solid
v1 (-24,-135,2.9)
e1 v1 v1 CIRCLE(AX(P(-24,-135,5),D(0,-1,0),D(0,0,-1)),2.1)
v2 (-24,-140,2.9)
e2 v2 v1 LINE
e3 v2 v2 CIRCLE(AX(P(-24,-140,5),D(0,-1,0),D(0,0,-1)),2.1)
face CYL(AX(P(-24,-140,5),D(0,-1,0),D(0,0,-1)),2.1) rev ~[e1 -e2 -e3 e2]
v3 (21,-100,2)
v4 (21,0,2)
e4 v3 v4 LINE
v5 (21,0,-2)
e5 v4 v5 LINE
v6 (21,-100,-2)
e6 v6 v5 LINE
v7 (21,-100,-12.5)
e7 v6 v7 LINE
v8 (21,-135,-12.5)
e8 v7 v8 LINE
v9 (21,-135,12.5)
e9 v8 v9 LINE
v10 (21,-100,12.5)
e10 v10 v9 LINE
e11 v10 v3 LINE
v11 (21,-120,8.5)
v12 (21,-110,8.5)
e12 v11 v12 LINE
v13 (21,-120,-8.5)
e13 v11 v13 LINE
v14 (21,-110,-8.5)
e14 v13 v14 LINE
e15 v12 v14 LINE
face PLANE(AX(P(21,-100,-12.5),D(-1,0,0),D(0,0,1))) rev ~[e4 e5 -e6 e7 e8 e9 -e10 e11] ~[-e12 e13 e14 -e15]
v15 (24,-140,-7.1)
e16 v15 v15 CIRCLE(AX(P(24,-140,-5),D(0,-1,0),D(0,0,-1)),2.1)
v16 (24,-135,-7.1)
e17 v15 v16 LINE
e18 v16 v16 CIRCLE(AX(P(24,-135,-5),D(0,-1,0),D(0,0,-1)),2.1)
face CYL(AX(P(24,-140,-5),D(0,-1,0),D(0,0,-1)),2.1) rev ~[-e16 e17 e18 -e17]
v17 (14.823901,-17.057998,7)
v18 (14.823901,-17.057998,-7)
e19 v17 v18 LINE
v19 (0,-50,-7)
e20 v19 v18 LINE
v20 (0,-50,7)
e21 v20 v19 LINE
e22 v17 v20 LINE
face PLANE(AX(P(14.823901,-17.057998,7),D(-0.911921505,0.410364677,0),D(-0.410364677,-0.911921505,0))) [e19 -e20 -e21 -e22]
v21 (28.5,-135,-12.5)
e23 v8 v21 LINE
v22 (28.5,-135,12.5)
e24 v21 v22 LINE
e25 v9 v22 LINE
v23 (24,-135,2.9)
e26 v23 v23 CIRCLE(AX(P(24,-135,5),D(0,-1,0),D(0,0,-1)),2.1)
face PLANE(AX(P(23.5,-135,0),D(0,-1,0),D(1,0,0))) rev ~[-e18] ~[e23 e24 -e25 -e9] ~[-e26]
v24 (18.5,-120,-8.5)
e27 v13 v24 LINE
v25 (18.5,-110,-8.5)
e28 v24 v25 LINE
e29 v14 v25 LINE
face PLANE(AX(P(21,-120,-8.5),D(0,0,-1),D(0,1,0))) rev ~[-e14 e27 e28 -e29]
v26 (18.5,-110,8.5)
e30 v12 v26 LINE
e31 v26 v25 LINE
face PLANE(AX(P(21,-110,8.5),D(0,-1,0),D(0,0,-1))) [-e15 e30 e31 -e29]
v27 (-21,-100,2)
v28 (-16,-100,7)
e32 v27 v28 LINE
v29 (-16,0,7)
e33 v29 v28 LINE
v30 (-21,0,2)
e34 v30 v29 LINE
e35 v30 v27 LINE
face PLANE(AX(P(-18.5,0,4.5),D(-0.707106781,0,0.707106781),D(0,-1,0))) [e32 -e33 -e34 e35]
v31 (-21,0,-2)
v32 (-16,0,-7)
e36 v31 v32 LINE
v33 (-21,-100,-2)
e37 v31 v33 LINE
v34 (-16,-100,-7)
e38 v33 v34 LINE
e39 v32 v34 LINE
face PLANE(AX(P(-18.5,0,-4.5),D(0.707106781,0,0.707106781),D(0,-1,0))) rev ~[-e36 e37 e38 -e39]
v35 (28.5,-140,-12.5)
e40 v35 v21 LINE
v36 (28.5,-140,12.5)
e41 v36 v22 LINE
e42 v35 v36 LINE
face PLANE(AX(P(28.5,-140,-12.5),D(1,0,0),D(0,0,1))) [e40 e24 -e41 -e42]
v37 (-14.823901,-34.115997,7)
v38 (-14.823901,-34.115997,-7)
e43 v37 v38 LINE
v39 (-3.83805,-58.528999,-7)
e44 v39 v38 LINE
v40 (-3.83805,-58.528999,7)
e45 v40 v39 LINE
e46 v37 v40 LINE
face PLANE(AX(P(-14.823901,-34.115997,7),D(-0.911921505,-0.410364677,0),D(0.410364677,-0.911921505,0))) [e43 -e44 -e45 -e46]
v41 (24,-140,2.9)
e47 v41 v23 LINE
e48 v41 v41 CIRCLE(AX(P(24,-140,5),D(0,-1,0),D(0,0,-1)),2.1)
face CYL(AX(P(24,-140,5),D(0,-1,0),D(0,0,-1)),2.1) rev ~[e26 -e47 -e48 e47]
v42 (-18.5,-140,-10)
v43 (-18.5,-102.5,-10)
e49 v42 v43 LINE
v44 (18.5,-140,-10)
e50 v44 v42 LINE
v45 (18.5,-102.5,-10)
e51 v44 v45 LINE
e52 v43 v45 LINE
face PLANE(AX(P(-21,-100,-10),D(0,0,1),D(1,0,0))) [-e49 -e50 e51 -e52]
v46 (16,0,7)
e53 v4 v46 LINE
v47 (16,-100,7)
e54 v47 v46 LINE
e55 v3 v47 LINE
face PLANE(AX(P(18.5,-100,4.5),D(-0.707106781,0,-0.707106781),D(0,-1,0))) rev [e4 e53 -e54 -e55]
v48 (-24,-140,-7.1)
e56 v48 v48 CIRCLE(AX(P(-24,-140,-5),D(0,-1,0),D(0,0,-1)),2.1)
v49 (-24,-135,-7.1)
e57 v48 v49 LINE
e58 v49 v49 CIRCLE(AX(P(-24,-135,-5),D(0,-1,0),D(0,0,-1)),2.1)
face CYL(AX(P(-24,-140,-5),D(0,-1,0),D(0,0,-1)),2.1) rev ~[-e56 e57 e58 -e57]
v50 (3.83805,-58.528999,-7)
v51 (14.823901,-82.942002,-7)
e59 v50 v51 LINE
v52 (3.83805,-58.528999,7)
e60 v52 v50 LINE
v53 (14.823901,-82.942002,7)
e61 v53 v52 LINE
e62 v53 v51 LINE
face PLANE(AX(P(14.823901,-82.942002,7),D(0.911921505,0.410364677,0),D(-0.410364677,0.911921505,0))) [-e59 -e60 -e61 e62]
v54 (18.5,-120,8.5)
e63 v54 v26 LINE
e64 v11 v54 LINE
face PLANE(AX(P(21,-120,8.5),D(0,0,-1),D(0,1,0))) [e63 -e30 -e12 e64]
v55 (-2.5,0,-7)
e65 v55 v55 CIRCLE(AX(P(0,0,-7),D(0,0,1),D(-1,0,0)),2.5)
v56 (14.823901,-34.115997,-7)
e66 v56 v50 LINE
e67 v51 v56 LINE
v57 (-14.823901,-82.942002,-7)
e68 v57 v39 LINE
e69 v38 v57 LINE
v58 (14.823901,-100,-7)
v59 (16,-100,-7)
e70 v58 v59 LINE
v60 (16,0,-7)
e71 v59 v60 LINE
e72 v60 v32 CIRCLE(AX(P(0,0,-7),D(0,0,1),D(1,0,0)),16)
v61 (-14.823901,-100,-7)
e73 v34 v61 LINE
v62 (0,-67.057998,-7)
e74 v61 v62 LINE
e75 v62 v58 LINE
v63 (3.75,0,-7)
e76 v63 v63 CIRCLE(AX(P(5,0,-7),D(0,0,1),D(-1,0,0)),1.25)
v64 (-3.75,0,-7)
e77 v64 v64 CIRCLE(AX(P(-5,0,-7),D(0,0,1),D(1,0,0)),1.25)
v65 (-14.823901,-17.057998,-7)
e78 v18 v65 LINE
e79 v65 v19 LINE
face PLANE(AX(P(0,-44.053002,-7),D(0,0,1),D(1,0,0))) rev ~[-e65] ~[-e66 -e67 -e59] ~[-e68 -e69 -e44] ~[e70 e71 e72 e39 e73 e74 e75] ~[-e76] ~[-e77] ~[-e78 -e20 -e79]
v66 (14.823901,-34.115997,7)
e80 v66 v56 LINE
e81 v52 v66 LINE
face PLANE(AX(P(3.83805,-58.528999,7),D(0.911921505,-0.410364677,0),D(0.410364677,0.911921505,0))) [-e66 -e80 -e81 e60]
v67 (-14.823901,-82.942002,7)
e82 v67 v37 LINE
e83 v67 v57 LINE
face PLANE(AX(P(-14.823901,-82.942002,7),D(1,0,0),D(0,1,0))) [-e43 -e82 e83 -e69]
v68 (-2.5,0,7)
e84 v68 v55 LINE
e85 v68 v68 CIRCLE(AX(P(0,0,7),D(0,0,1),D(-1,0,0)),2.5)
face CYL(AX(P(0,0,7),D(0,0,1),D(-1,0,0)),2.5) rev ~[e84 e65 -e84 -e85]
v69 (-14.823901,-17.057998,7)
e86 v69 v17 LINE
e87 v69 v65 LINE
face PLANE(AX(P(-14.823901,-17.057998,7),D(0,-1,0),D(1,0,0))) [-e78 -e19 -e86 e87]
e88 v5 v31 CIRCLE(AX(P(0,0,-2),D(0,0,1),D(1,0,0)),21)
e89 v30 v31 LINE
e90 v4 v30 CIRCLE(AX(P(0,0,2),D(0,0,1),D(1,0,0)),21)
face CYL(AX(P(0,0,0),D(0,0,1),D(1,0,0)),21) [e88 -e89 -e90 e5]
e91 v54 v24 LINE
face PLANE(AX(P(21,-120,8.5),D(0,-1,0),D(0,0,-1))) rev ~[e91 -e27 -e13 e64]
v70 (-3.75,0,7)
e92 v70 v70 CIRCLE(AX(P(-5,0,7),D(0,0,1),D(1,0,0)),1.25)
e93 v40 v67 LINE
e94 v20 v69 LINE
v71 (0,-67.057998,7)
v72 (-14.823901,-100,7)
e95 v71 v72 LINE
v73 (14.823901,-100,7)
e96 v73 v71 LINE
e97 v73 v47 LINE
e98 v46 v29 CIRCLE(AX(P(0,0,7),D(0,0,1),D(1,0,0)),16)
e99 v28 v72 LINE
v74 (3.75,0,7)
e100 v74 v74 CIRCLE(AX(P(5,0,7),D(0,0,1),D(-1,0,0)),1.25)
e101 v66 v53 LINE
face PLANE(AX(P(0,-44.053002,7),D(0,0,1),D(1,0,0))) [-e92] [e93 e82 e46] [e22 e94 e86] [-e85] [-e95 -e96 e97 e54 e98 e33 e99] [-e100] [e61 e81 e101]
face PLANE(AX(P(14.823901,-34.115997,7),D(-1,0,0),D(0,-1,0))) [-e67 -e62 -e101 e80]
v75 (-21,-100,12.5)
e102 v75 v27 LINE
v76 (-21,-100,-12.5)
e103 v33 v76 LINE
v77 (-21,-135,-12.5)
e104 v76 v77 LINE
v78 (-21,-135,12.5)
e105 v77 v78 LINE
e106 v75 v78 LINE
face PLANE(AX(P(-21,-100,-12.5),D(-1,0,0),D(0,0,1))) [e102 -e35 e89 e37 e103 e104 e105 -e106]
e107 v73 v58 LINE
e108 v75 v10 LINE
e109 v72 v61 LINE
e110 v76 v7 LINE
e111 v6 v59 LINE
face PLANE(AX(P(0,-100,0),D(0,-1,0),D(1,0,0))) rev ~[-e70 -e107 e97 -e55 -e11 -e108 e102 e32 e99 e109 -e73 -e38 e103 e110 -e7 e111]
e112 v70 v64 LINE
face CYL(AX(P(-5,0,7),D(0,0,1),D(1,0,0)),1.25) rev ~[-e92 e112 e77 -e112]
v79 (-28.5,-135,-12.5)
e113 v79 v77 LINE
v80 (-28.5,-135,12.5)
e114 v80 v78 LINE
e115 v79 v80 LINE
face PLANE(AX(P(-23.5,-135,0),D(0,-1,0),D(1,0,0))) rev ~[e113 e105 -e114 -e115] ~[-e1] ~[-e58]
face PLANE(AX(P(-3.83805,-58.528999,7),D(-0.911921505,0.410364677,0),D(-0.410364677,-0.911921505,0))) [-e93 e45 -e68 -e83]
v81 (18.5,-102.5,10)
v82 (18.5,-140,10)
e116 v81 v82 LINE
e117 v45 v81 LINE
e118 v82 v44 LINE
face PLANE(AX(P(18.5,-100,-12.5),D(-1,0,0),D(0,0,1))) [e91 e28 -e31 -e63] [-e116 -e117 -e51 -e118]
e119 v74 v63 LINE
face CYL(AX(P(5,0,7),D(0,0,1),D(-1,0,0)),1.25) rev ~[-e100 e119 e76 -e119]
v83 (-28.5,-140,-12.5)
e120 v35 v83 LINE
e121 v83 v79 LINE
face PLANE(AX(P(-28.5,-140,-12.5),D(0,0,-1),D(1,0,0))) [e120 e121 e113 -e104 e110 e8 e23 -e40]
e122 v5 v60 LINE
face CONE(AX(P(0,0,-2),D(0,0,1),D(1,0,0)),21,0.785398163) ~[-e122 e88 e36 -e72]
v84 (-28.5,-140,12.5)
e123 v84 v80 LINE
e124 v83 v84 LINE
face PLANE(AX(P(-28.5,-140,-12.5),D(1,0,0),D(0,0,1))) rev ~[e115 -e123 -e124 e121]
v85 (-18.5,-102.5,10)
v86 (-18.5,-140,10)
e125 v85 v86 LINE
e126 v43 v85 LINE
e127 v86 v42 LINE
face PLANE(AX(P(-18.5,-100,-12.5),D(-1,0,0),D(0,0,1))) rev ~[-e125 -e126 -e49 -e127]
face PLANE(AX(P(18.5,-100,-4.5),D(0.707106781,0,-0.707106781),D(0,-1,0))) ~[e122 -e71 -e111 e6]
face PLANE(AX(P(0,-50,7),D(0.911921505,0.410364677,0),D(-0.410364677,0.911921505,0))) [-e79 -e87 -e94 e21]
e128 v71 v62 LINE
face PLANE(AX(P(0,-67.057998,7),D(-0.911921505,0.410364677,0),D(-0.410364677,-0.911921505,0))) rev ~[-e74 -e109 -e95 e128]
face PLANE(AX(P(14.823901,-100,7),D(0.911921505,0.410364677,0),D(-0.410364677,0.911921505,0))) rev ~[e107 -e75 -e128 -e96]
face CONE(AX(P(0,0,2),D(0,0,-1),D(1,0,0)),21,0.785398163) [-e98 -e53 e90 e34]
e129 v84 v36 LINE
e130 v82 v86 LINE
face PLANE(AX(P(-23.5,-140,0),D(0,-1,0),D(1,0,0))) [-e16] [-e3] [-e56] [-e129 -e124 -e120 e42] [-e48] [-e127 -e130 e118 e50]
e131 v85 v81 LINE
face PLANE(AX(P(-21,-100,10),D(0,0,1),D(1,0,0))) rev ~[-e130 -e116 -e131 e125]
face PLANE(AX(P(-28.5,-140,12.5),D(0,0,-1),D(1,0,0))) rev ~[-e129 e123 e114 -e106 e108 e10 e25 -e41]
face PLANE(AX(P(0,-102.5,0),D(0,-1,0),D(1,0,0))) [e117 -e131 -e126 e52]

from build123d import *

# Parameters (mm, degrees)
BOSS_EXTRUDE1_DEPTH = 7
SKETCH2_W           = 42
SKETCH2_H           = 25
BOSS_EXTRUDE2_DEPTH = 40
SHELL1_T            = -2.5
CUT_EXTRUDE5_REACH  = 144.903
SKETCH9_W           = 10
SKETCH9_H           = 25
BOSS_EXTRUDE3_DEPTH = 5
CUT_EXTRUDE6_REACH  = 151.018
SKETCH10_W          = 17
SKETCH10_H          = 10
CUT_EXTRUDE8_REACH  = 146.196
CUT_EXTRUDE9_REACH  = 165.98
SKETCH13_R          = 2.1
CHAMFER1_SIZE       = 5


with BuildPart() as part:
    # Sketch1 → Boss-Extrude1 (new, symmetric)
    with BuildSketch(Plane.XY):
        with BuildLine():
            Line((-21, 0), (-21, -100))
            Line((-21, -100), (21, -100))
            Line((21, -100), (21, 0))
            ThreePointArc((21, 0), (0, 21), (-21, 0))
        make_face()
    extrude(amount=BOSS_EXTRUDE1_DEPTH, both=True)


with BuildPart() as body_2:
    # Sketch2 → Boss-Extrude2 (new body)
    with BuildSketch(Plane.XZ.offset(100)):
        Rectangle(SKETCH2_W, SKETCH2_H)
    extrude(amount=BOSS_EXTRUDE2_DEPTH)

    # Shell1
    shell1_openings = [body_2.faces().sort_by_distance(p)[0] for p in [
        (0, -140, 0),
    ]]
    offset(amount=SHELL1_T, openings=shell1_openings, kind=Kind.INTERSECTION)


with BuildPart() as part_1:
    add(part.part)

    # Combine1: union body 2
    add(body_2.part)

    # Sketch8 → Cut-Extrude5 (cut, up to next)
    with BuildSketch(Plane.XY.offset(7), mode=Mode.PRIVATE) as cut_extrude5_sk1:
        with BuildLine():
            ThreePointArc((-3.75, 0), (-5, 1.25), (-6.25, 0))
            Line((-6.25, 0), (-3.75, 0))
        make_face()
    cut_extrude5_tool1 = extrude(cut_extrude5_sk1.sketch, amount=-CUT_EXTRUDE5_REACH, mode=Mode.PRIVATE) & part_1.part
    # Sketch8 → Cut-Extrude5 (cut, up to next)
    with BuildSketch(Plane.XY.offset(7), mode=Mode.PRIVATE) as cut_extrude5_sk2:
        with BuildLine():
            Line((-3.75, 0), (-6.25, 0))
            ThreePointArc((-6.25, 0), (-5, -1.25), (-3.75, 0))
        make_face()
    cut_extrude5_tool2 = extrude(cut_extrude5_sk2.sketch, amount=-CUT_EXTRUDE5_REACH, mode=Mode.PRIVATE) & part_1.part
    # Sketch8 → Cut-Extrude5 (cut, up to next)
    with BuildSketch(Plane.XY.offset(7), mode=Mode.PRIVATE) as cut_extrude5_sk3:
        with BuildLine():
            ThreePointArc((-3.75, 0), (-5, 1.25), (-6.25, 0))
            Line((-6.25, 0), (-3.75, 0))
        make_face()
    cut_extrude5_tool3 = extrude(cut_extrude5_sk3.sketch, amount=-CUT_EXTRUDE5_REACH, mode=Mode.PRIVATE) & part_1.part
    # Sketch8 → Cut-Extrude5 (cut, up to next)
    with BuildSketch(Plane.XY.offset(7), mode=Mode.PRIVATE) as cut_extrude5_sk4:
        with BuildLine():
            Line((-3.75, 0), (-6.25, 0))
            ThreePointArc((-6.25, 0), (-5, -1.25), (-3.75, 0))
        make_face()
    cut_extrude5_tool4 = extrude(cut_extrude5_sk4.sketch, amount=-CUT_EXTRUDE5_REACH, mode=Mode.PRIVATE) & part_1.part
    # Sketch8 → Cut-Extrude5 (cut, up to next)
    with BuildSketch(Plane.XY.offset(7), mode=Mode.PRIVATE) as cut_extrude5_sk5:
        with BuildLine():
            ThreePointArc((3.75, 0), (5, -1.25), (6.25, 0))
            Line((6.25, 0), (3.75, 0))
        make_face()
    cut_extrude5_tool5 = extrude(cut_extrude5_sk5.sketch, amount=-CUT_EXTRUDE5_REACH, mode=Mode.PRIVATE) & part_1.part
    # Sketch8 → Cut-Extrude5 (cut, up to next)
    with BuildSketch(Plane.XY.offset(7), mode=Mode.PRIVATE) as cut_extrude5_sk6:
        with BuildLine():
            Line((3.75, 0), (6.25, 0))
            ThreePointArc((6.25, 0), (5, 1.25), (3.75, 0))
        make_face()
    cut_extrude5_tool6 = extrude(cut_extrude5_sk6.sketch, amount=-CUT_EXTRUDE5_REACH, mode=Mode.PRIVATE) & part_1.part
    # Sketch8 → Cut-Extrude5 (cut, up to next)
    with BuildSketch(Plane.XY.offset(7), mode=Mode.PRIVATE) as cut_extrude5_sk7:
        with BuildLine():
            ThreePointArc((3.75, 0), (5, -1.25), (6.25, 0))
            Line((6.25, 0), (3.75, 0))
        make_face()
    cut_extrude5_tool7 = extrude(cut_extrude5_sk7.sketch, amount=-CUT_EXTRUDE5_REACH, mode=Mode.PRIVATE) & part_1.part
    # Sketch8 → Cut-Extrude5 (cut, up to next)
    with BuildSketch(Plane.XY.offset(7), mode=Mode.PRIVATE) as cut_extrude5_sk8:
        with BuildLine():
            Line((3.75, 0), (6.25, 0))
            ThreePointArc((6.25, 0), (5, 1.25), (3.75, 0))
        make_face()
    cut_extrude5_tool8 = extrude(cut_extrude5_sk8.sketch, amount=-CUT_EXTRUDE5_REACH, mode=Mode.PRIVATE) & part_1.part
    # Sketch8 → Cut-Extrude5 (cut, up to next)
    with BuildSketch(Plane.XY.offset(7), mode=Mode.PRIVATE) as cut_extrude5_sk9:
        with BuildLine():
            ThreePointArc((-2.5, 0), (0, -2.5), (2.5, 0))
            Line((2.5, 0), (-2.5, 0))
        make_face()
    cut_extrude5_tool9 = extrude(cut_extrude5_sk9.sketch, amount=-CUT_EXTRUDE5_REACH, mode=Mode.PRIVATE) & part_1.part
    # Sketch8 → Cut-Extrude5 (cut, up to next)
    with BuildSketch(Plane.XY.offset(7), mode=Mode.PRIVATE) as cut_extrude5_sk10:
        with BuildLine():
            Line((-2.5, 0), (2.5, 0))
            ThreePointArc((2.5, 0), (0, 2.5), (-2.5, 0))
        make_face()
    cut_extrude5_tool10 = extrude(cut_extrude5_sk10.sketch, amount=-CUT_EXTRUDE5_REACH, mode=Mode.PRIVATE) & part_1.part
    # Sketch8 → Cut-Extrude5 (cut, up to next)
    with BuildSketch(Plane.XY.offset(7), mode=Mode.PRIVATE) as cut_extrude5_sk11:
        with BuildLine():
            ThreePointArc((-2.5, 0), (0, -2.5), (2.5, 0))
            Line((2.5, 0), (-2.5, 0))
        make_face()
    cut_extrude5_tool11 = extrude(cut_extrude5_sk11.sketch, amount=-CUT_EXTRUDE5_REACH, mode=Mode.PRIVATE) & part_1.part
    # Sketch8 → Cut-Extrude5 (cut, up to next)
    with BuildSketch(Plane.XY.offset(7), mode=Mode.PRIVATE) as cut_extrude5_sk12:
        with BuildLine():
            Line((-2.5, 0), (2.5, 0))
            ThreePointArc((2.5, 0), (0, 2.5), (-2.5, 0))
        make_face()
    cut_extrude5_tool12 = extrude(cut_extrude5_sk12.sketch, amount=-CUT_EXTRUDE5_REACH, mode=Mode.PRIVATE) & part_1.part
    add(cut_extrude5_tool1.solids().sort_by_distance((-5, 0.530516, 7))[0], mode=Mode.SUBTRACT)
    add(cut_extrude5_tool2.solids().sort_by_distance((-5, -0.530516, 7))[0], mode=Mode.SUBTRACT)
    add(cut_extrude5_tool3.solids().sort_by_distance((-5, 0.530516, 7))[0], mode=Mode.SUBTRACT)
    add(cut_extrude5_tool4.solids().sort_by_distance((-5, -0.530516, 7))[0], mode=Mode.SUBTRACT)
    add(cut_extrude5_tool5.solids().sort_by_distance((5, -0.530516, 7))[0], mode=Mode.SUBTRACT)
    add(cut_extrude5_tool6.solids().sort_by_distance((5, 0.530516, 7))[0], mode=Mode.SUBTRACT)
    add(cut_extrude5_tool7.solids().sort_by_distance((5, -0.530516, 7))[0], mode=Mode.SUBTRACT)
    add(cut_extrude5_tool8.solids().sort_by_distance((5, 0.530516, 7))[0], mode=Mode.SUBTRACT)
    add(cut_extrude5_tool9.solids().sort_by_distance((0, -1.061033, 7))[0], mode=Mode.SUBTRACT)
    add(cut_extrude5_tool10.solids().sort_by_distance((0, 1.061033, 7))[0], mode=Mode.SUBTRACT)
    add(cut_extrude5_tool11.solids().sort_by_distance((0, -1.061033, 7))[0], mode=Mode.SUBTRACT)
    add(cut_extrude5_tool12.solids().sort_by_distance((0, 1.061033, 7))[0], mode=Mode.SUBTRACT)

    # Sketch9 → Boss-Extrude3 (add)
    with BuildSketch(Plane.XZ.offset(140)):
        with Locations((-23.5, 0)):
            Rectangle(SKETCH9_W, SKETCH9_H)
        with Locations((23.5, 0)):
            Rectangle(SKETCH9_W, SKETCH9_H)
    extrude(amount=-BOSS_EXTRUDE3_DEPTH)

    # Sketch10 → Cut-Extrude6 (cut, up to next)
    with BuildSketch(Plane(origin=(21, 0, 0), x_dir=(0, 0, -1), z_dir=(1, 0, 0)), mode=Mode.PRIVATE) as cut_extrude6_sk1:
        with Locations((0, -115)):
            Rectangle(SKETCH10_W, SKETCH10_H)
    cut_extrude6_tool1 = extrude(cut_extrude6_sk1.sketch, amount=-CUT_EXTRUDE6_REACH, mode=Mode.PRIVATE) & part_1.part
    add(cut_extrude6_tool1.solids().sort_by_distance((21, -115, 0))[0], mode=Mode.SUBTRACT)

    # Sketch12 → Cut-Extrude8 (cut, up to next)
    with BuildSketch(Plane.XY.offset(7), mode=Mode.PRIVATE) as cut_extrude8_sk1:
        Polygon((14.82390073, -17.057998377), (0, -50), (-14.82390073, -17.057998377), align=None)
    cut_extrude8_tool1 = extrude(cut_extrude8_sk1.sketch, amount=-CUT_EXTRUDE8_REACH, mode=Mode.PRIVATE) & part_1.part
    # Sketch12 → Cut-Extrude8 (cut, up to next)
    with BuildSketch(Plane.XY.offset(7), mode=Mode.PRIVATE) as cut_extrude8_sk2:
        Polygon((-14.82390073, -34.115996755), (-3.838049635, -58.528999189), (-14.82390073, -82.942001623), align=None)
    cut_extrude8_tool2 = extrude(cut_extrude8_sk2.sketch, amount=-CUT_EXTRUDE8_REACH, mode=Mode.PRIVATE) & part_1.part
    # Sketch12 → Cut-Extrude8 (cut, up to next)
    with BuildSketch(Plane.XY.offset(7), mode=Mode.PRIVATE) as cut_extrude8_sk3:
        Polygon((14.82390073, -100), (0, -67.057998377), (-14.82390073, -100), align=None)
    cut_extrude8_tool3 = extrude(cut_extrude8_sk3.sketch, amount=-CUT_EXTRUDE8_REACH, mode=Mode.PRIVATE) & part_1.part
    # Sketch12 → Cut-Extrude8 (cut, up to next)
    with BuildSketch(Plane.XY.offset(7), mode=Mode.PRIVATE) as cut_extrude8_sk4:
        Polygon((14.82390073, -34.115996755), (14.82390073, -82.942001623), (3.838049635, -58.528999189), align=None)
    cut_extrude8_tool4 = extrude(cut_extrude8_sk4.sketch, amount=-CUT_EXTRUDE8_REACH, mode=Mode.PRIVATE) & part_1.part
    add(cut_extrude8_tool1.solids().sort_by_distance((0, -28.038666, 7))[0], mode=Mode.SUBTRACT)
    add(cut_extrude8_tool2.solids().sort_by_distance((-11.16195, -58.528999, 7))[0], mode=Mode.SUBTRACT)
    add(cut_extrude8_tool3.solids().sort_by_distance((0, -89.019333, 7))[0], mode=Mode.SUBTRACT)
    add(cut_extrude8_tool4.solids().sort_by_distance((11.16195, -58.528999, 7))[0], mode=Mode.SUBTRACT)

    # Sketch13 → Cut-Extrude9 (cut, up to next)
    with BuildSketch(Plane.XZ.offset(140), mode=Mode.PRIVATE) as cut_extrude9_sk1:
        with Locations(Location((-24, 5, 0), (0, 0, 270))):
            Circle(SKETCH13_R)
    cut_extrude9_tool1 = extrude(cut_extrude9_sk1.sketch, amount=-CUT_EXTRUDE9_REACH, mode=Mode.PRIVATE) & part_1.part
    # Sketch13 → Cut-Extrude9 (cut, up to next)
    with BuildSketch(Plane.XZ.offset(140), mode=Mode.PRIVATE) as cut_extrude9_sk2:
        with Locations(Location((-24, -5, 0), (0, 0, 270))):
            Circle(SKETCH13_R)
    cut_extrude9_tool2 = extrude(cut_extrude9_sk2.sketch, amount=-CUT_EXTRUDE9_REACH, mode=Mode.PRIVATE) & part_1.part
    # Sketch13 → Cut-Extrude9 (cut, up to next)
    with BuildSketch(Plane.XZ.offset(140), mode=Mode.PRIVATE) as cut_extrude9_sk3:
        with Locations(Location((24, 5, 0), (0, 0, 270))):
            Circle(SKETCH13_R)
    cut_extrude9_tool3 = extrude(cut_extrude9_sk3.sketch, amount=-CUT_EXTRUDE9_REACH, mode=Mode.PRIVATE) & part_1.part
    # Sketch13 → Cut-Extrude9 (cut, up to next)
    with BuildSketch(Plane.XZ.offset(140), mode=Mode.PRIVATE) as cut_extrude9_sk4:
        with Locations(Location((24, -5, 0), (0, 0, 270))):
            Circle(SKETCH13_R)
    cut_extrude9_tool4 = extrude(cut_extrude9_sk4.sketch, amount=-CUT_EXTRUDE9_REACH, mode=Mode.PRIVATE) & part_1.part
    add(cut_extrude9_tool1.solids().sort_by_distance((-24, -140, 5))[0], mode=Mode.SUBTRACT)
    add(cut_extrude9_tool2.solids().sort_by_distance((-24, -140, -5))[0], mode=Mode.SUBTRACT)
    add(cut_extrude9_tool3.solids().sort_by_distance((24, -140, 5))[0], mode=Mode.SUBTRACT)
    add(cut_extrude9_tool4.solids().sort_by_distance((24, -140, -5))[0], mode=Mode.SUBTRACT)

    # Chamfer1
    chamfer1_edges = [part_1.edges().sort_by_distance(p)[0] for p in [
        (21, -50, 7),
        (0, 21, 7),
        (21, -50, -7),
        (-21, -50, -7),
        (0, 21, -7),
        (-21, -50, 7),
    ]]
    chamfer(chamfer1_edges, length=CHAMFER1_SIZE)


solid = part_1.part
